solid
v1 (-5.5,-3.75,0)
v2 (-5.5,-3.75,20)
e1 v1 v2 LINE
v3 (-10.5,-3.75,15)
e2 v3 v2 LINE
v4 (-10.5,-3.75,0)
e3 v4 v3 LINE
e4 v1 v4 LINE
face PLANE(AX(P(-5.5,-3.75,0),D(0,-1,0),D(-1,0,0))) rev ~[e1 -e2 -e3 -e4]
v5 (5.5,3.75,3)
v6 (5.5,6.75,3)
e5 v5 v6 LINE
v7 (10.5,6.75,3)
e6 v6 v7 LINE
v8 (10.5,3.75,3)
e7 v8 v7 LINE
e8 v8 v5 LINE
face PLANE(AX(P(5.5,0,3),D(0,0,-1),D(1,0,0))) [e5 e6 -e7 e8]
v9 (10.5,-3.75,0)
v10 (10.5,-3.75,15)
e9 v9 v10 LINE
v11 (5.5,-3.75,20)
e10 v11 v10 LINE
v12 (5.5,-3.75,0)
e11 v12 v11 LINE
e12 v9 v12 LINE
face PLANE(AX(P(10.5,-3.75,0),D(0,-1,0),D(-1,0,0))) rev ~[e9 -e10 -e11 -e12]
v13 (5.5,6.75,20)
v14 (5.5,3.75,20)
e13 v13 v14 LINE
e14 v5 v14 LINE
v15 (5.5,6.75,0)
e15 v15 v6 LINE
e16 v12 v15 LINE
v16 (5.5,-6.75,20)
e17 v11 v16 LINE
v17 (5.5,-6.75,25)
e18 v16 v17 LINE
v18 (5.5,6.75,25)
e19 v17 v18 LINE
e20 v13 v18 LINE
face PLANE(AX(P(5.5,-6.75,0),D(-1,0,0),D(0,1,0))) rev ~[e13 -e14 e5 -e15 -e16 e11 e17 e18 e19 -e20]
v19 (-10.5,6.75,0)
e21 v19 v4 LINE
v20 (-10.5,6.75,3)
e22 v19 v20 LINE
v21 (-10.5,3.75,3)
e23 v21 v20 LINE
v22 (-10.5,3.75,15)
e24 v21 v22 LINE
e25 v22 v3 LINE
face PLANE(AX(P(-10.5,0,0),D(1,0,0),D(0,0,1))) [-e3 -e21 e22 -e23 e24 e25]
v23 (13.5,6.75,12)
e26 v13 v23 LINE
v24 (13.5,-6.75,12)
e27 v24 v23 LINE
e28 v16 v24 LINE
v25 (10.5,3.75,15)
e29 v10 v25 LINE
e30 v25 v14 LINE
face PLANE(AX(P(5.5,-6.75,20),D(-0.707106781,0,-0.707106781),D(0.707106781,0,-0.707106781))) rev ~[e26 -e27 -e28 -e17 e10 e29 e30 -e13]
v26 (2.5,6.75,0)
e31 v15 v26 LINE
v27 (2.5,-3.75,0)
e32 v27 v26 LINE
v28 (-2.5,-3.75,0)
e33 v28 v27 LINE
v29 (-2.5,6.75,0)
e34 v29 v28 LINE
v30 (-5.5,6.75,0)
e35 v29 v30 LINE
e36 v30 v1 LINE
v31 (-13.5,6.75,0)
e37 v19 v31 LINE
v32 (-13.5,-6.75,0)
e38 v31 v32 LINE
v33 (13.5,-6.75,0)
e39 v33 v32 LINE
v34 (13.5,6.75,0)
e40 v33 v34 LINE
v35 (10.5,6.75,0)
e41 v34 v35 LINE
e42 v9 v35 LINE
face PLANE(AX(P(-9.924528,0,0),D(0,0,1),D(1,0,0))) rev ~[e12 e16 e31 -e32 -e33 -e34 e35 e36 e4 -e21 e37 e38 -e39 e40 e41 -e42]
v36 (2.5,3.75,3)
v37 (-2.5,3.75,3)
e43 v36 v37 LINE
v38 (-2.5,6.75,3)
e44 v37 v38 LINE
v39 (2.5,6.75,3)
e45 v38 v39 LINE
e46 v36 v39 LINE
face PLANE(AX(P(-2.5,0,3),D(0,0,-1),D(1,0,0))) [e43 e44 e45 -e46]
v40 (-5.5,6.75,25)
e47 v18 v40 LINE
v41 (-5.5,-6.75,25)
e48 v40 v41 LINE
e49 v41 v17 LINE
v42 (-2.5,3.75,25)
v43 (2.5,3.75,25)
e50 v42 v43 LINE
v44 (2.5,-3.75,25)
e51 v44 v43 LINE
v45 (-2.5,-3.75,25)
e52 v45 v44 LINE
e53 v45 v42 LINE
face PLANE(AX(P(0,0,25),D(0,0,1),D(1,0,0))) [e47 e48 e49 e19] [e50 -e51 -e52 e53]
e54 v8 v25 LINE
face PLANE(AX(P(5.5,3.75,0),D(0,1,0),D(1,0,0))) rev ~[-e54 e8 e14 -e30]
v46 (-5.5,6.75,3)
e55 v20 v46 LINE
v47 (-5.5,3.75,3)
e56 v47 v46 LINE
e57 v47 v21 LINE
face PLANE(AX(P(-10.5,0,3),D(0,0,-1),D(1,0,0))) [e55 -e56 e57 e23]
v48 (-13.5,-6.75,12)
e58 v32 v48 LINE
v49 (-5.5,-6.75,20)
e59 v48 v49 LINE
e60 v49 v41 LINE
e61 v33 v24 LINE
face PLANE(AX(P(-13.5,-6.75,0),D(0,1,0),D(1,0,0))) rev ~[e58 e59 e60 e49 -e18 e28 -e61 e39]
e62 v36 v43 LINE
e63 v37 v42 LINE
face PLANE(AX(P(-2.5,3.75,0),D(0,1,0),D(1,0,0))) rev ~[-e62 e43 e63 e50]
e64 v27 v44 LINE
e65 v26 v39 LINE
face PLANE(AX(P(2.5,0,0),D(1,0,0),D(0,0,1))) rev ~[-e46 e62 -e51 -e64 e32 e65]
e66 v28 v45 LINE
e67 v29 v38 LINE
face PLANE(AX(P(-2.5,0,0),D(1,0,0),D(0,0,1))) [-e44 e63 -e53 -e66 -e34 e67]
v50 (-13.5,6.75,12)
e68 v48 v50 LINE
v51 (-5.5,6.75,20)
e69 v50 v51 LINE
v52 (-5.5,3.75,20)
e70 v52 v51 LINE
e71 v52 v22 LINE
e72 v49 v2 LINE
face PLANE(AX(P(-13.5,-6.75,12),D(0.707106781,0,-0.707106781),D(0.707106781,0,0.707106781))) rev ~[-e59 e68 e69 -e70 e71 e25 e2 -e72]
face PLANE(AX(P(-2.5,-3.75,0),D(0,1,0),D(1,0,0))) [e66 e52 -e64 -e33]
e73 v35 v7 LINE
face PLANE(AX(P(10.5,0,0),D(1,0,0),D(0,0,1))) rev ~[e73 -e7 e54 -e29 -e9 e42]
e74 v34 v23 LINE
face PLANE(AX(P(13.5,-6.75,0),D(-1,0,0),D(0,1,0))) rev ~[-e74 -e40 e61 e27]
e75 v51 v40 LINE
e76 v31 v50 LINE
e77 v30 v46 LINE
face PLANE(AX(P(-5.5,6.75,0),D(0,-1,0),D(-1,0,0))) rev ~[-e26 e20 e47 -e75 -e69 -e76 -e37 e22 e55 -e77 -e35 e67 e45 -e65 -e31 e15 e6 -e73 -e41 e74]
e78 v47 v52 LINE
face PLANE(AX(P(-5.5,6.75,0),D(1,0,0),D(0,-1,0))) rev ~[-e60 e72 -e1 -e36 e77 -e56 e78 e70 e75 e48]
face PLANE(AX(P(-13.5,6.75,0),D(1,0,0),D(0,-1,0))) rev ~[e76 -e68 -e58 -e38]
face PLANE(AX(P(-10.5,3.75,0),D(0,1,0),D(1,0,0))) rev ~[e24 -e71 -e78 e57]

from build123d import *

# Parameters (mm, degrees)
F0_W     = 5
F0_H     = 7.5
F1_DEPTH = 25
F2_DEPTH = 20
F4_DEPTH = 25
F5_W     = 5
F5_H     = 3
F6_DEPTH = 25


with BuildPart() as f1:
    # F0 (on Top) → F1 (new body)
    with BuildSketch(Plane.XY):
        Polygon((5.5, 6.75), (-5.5, 6.75), (-5.5, 3.75), (-5.5, -3.75), (-5.5, -6.75), (5.5, -6.75), (5.5, -3.75), (5.5, 3.75), align=None)
        Rectangle(F0_W, F0_H, mode=Mode.SUBTRACT)
    extrude(amount=F1_DEPTH)

    # F0 (on Top) → F2 (join)
    with BuildSketch(Plane.XY):
        Polygon((-5.5, 3.75), (-5.5, 6.75), (-13.5, 6.75), (-13.5, -6.75), (-5.5, -6.75), (-5.5, -3.75), (-10.5, -3.75), (-10.5, 3.75), align=None)
        Polygon((13.5, 6.75), (5.5, 6.75), (5.5, 3.75), (10.5, 3.75), (10.5, -3.75), (5.5, -3.75), (5.5, -6.75), (13.5, -6.75), align=None)
    extrude(amount=F2_DEPTH)

    # F3 (on face) → F4 (cut)
    with BuildSketch(Plane.XZ.offset(6.75)):
        Polygon((-13.5, 12), (-5.5, 20), (-13.5, 20), align=None)
        Polygon((13.5, 20), (5.5, 20), (13.5, 12), align=None)
    extrude(amount=-F4_DEPTH, mode=Mode.SUBTRACT)

    # F5 (on Front) → F6 (cut)
    with BuildSketch(Plane.XZ):
        with Locations((-8, 1.5)):
            Rectangle(F5_W, F5_H)
        with Locations((0, 1.5)):
            Rectangle(F5_W, F5_H)
        with Locations((8, 1.5)):
            Rectangle(F5_W, F5_H)
    extrude(amount=-F6_DEPTH, mode=Mode.SUBTRACT)


solid = f1.part
